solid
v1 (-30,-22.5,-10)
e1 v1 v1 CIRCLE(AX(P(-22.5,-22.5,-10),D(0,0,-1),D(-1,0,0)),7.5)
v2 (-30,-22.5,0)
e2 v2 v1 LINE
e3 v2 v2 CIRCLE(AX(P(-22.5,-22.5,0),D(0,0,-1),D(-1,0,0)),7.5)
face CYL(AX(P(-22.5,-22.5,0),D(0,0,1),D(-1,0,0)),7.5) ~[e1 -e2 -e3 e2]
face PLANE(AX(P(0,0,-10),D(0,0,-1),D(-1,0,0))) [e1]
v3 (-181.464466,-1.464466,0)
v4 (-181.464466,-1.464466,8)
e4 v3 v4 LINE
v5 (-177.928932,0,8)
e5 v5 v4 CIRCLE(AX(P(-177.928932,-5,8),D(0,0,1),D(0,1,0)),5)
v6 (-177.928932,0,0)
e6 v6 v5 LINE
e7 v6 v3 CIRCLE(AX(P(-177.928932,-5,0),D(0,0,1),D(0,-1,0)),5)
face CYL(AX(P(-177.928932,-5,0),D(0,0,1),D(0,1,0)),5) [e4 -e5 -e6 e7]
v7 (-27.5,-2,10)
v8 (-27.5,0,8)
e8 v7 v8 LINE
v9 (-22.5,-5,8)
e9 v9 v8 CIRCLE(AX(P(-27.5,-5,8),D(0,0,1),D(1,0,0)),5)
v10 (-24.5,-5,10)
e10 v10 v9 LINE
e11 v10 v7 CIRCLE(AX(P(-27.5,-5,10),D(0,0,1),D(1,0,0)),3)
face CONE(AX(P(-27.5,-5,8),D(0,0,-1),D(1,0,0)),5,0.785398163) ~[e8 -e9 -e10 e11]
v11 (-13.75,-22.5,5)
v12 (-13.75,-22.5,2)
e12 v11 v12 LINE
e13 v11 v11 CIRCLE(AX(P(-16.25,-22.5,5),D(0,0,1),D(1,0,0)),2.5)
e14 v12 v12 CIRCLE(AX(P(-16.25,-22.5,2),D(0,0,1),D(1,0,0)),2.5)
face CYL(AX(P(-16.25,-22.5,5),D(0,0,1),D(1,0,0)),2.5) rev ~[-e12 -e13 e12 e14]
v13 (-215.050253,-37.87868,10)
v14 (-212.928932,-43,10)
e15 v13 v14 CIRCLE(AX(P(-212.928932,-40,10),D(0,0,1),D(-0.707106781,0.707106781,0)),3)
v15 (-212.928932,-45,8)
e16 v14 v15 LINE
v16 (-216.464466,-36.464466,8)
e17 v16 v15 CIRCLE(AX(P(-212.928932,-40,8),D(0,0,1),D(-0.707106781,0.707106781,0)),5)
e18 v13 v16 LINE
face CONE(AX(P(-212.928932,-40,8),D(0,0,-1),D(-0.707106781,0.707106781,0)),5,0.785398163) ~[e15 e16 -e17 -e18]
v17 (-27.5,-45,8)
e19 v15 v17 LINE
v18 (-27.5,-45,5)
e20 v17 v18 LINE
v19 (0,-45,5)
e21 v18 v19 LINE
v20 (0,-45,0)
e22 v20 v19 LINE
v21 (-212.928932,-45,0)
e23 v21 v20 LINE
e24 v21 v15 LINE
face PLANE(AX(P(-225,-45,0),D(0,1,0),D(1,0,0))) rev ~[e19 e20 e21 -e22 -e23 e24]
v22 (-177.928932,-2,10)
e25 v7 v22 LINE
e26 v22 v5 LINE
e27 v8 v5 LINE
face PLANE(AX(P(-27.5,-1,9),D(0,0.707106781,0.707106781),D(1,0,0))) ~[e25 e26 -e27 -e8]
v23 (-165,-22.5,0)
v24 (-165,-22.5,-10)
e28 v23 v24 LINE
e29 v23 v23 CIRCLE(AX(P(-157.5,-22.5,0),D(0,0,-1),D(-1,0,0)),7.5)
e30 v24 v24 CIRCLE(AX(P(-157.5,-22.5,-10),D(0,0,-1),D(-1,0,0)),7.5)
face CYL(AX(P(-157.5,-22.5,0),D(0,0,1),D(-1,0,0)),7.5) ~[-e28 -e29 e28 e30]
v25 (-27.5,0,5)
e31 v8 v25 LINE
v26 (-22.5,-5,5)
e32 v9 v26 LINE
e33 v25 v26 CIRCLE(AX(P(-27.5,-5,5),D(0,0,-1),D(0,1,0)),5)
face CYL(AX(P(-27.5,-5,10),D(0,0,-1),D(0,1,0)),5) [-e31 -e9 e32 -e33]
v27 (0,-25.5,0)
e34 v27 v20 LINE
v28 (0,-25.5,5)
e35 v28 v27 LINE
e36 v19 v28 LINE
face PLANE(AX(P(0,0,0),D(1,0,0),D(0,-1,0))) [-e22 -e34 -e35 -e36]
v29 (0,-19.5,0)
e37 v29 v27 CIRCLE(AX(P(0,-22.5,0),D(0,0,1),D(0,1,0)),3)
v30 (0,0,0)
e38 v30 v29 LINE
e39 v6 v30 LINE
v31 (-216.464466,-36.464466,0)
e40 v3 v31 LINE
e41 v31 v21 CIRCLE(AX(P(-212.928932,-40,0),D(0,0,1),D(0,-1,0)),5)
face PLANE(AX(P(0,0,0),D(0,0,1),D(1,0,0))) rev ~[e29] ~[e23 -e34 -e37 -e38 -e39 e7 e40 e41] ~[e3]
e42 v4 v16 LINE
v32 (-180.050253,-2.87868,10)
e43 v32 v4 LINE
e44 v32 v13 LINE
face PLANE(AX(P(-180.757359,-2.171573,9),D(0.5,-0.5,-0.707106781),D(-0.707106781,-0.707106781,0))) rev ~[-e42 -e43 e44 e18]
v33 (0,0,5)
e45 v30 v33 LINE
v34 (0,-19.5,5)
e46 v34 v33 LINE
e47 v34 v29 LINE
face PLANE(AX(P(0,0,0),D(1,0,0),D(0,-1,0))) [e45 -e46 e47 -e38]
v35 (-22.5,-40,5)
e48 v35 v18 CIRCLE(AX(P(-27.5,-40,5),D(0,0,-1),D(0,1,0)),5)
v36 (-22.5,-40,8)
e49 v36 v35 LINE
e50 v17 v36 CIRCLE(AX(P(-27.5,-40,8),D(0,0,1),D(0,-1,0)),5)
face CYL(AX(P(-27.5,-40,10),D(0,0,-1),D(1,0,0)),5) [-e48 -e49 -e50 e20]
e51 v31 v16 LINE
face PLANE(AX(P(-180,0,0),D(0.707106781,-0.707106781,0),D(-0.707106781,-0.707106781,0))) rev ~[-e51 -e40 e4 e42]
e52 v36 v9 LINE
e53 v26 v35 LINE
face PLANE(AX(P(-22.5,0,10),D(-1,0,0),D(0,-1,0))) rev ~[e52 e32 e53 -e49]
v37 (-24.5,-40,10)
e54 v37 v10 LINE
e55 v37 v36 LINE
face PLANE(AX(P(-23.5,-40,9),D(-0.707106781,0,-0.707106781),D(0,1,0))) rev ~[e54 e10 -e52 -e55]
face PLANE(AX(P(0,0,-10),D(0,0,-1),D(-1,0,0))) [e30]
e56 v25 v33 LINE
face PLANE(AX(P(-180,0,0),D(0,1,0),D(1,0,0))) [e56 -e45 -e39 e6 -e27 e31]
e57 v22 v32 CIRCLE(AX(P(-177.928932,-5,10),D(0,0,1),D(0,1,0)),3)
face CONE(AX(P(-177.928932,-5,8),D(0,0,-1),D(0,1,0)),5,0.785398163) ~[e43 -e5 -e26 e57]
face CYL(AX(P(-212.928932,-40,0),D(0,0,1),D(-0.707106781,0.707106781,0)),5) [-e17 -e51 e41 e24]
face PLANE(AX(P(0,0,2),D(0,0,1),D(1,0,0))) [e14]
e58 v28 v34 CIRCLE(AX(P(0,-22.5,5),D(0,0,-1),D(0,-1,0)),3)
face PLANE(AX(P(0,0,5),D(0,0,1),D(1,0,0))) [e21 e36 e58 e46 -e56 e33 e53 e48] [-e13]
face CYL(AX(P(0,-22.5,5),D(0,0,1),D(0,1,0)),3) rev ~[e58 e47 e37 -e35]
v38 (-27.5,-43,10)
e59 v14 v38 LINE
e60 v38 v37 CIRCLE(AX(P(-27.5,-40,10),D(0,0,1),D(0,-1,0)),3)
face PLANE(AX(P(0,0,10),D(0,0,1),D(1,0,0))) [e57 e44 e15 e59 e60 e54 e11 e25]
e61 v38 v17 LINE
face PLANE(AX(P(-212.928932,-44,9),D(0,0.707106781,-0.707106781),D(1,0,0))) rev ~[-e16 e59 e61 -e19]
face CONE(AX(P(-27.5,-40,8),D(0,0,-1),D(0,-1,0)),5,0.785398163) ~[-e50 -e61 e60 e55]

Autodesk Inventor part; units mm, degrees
ref_plane "YZ Plane" through (0, 0, 0) normal (1, 0, 0) x (0, 1, 0)
ref_plane "XZ Plane" through (0, 0, 0) normal (0, 1, 0) x (-1, 0, 0)
ref_plane "XY Plane" through (0, 0, 0) normal (0, 0, 1) x (1, 0, 0)
sketch "Sketch1" plane through (0, 0, 0) normal (0, 0, 1) x (1, 0, 0)
  line L0 (-180, 0) -> (0, 0)
  line L1 (-225, -45) -> (0, -45)
  line L2 (-180, 0) -> (-225, -45)
  line L3 (0, 0) -> (0, -45)
  dimension "d2" = 45
  dimension "d9" = 225
  dimension "d10" = 180
extrude "Extrusion1" add sketch "Sketch1" along normal blind 10
sketch "Sketch2" plane through (0, 0, 10) normal (0, 0, 1) x (1, 0, 0)
  line L0 (0, 0) -> (-180, 0) projected
  line L1 (-225, -45) -> (0, -45) projected
  line L2 (0, 0) -> (-22.5, 0)
  line L3 (-22.5, 0) -> (-22.5, -45)
  line L4 (-22.5, -45) -> (0, -45)
  line L5 (0, -45) -> (0, 0)
  dimension "d11" = 22.5
extrude "Extrusion2" cut sketch "Sketch2" against normal blind 5
sketch "Sketch3" plane through (0, 0, 5) normal (0, 0, 1) x (1, 0, 0)
  line L0 (0, -19.5) -> (0, -19.5)
  line L1 (0, -25.5) -> (0, -25.5)
  line L2 (-3, -22.5) -> (-3, -22.5)
  line L3 (0, -19.5) -> (0, -25.5)
  line L4 (0, -45) -> (-22.5, -45) projected
  arc A0 (0, -19.5) -> (-3, -22.5) centre (0, -22.5) ccw
  arc A1 (-3, -22.5) -> (0, -25.5) centre (0, -22.5) ccw
  point P0 (0, -22.5)
  dimension "d18" = 22.5
  dimension "d43" = 3
  dimension "d44" = 6
  dimension "d45" = 3
extrude "Extrusion3" cut sketch "Sketch3" against normal blind 5
sketch "Sketch4" plane through (0, 0, 0) normal (0, 0, -1) x (-1, 0, 0)
  circle A0 centre (22.5, -22.5) radius 7.5
  circle A1 centre (157.5, -22.5) radius 7.5
  point P0 (0, -45)
  point P1 (180, 0)
  dimension "d26" = 15
  dimension "d30" = 15
extrude "Extrusion4" add sketch "Sketch4" along normal blind 10
fillet "Fillet4" radius 5 4 edges at (-225, -45, 5) (-180, 0, 5) (-22.5, 0, 7.5) (-22.5, -45, 7.5)
chamfer "Chamfer2" distance 2 angle 45 8 edges at (-120.2145, -45, 10) (-23.9645, -43.5355, 10) (-22.5, -22.5, 10) (-23.9645, -1.4645, 10) (-102.7145, 0, 10) (-179.8423, -0.3806, 10) (-198.9645, -18.9645, 10) (-217.5483, -41.9134, 10)
sketch "Sketch5" plane through (0, 0, 5) normal (0, 0, 1) x (1, 0, 0)
  line L0 (-22.5, -40) -> (-22.5, -5) projected
  circle A0 centre (-16.25, -22.5) radius 2.5
  line L1 (0, -45) -> (-27.5, -45) projected
  point P0 (0, 0)
  dimension "d38" = 5
  dimension "d39" = 6.25
  dimension "d40" = 22.5
extrude "Extrusion5" cut sketch "Sketch5" against normal blind 3
properties part number "Border"
